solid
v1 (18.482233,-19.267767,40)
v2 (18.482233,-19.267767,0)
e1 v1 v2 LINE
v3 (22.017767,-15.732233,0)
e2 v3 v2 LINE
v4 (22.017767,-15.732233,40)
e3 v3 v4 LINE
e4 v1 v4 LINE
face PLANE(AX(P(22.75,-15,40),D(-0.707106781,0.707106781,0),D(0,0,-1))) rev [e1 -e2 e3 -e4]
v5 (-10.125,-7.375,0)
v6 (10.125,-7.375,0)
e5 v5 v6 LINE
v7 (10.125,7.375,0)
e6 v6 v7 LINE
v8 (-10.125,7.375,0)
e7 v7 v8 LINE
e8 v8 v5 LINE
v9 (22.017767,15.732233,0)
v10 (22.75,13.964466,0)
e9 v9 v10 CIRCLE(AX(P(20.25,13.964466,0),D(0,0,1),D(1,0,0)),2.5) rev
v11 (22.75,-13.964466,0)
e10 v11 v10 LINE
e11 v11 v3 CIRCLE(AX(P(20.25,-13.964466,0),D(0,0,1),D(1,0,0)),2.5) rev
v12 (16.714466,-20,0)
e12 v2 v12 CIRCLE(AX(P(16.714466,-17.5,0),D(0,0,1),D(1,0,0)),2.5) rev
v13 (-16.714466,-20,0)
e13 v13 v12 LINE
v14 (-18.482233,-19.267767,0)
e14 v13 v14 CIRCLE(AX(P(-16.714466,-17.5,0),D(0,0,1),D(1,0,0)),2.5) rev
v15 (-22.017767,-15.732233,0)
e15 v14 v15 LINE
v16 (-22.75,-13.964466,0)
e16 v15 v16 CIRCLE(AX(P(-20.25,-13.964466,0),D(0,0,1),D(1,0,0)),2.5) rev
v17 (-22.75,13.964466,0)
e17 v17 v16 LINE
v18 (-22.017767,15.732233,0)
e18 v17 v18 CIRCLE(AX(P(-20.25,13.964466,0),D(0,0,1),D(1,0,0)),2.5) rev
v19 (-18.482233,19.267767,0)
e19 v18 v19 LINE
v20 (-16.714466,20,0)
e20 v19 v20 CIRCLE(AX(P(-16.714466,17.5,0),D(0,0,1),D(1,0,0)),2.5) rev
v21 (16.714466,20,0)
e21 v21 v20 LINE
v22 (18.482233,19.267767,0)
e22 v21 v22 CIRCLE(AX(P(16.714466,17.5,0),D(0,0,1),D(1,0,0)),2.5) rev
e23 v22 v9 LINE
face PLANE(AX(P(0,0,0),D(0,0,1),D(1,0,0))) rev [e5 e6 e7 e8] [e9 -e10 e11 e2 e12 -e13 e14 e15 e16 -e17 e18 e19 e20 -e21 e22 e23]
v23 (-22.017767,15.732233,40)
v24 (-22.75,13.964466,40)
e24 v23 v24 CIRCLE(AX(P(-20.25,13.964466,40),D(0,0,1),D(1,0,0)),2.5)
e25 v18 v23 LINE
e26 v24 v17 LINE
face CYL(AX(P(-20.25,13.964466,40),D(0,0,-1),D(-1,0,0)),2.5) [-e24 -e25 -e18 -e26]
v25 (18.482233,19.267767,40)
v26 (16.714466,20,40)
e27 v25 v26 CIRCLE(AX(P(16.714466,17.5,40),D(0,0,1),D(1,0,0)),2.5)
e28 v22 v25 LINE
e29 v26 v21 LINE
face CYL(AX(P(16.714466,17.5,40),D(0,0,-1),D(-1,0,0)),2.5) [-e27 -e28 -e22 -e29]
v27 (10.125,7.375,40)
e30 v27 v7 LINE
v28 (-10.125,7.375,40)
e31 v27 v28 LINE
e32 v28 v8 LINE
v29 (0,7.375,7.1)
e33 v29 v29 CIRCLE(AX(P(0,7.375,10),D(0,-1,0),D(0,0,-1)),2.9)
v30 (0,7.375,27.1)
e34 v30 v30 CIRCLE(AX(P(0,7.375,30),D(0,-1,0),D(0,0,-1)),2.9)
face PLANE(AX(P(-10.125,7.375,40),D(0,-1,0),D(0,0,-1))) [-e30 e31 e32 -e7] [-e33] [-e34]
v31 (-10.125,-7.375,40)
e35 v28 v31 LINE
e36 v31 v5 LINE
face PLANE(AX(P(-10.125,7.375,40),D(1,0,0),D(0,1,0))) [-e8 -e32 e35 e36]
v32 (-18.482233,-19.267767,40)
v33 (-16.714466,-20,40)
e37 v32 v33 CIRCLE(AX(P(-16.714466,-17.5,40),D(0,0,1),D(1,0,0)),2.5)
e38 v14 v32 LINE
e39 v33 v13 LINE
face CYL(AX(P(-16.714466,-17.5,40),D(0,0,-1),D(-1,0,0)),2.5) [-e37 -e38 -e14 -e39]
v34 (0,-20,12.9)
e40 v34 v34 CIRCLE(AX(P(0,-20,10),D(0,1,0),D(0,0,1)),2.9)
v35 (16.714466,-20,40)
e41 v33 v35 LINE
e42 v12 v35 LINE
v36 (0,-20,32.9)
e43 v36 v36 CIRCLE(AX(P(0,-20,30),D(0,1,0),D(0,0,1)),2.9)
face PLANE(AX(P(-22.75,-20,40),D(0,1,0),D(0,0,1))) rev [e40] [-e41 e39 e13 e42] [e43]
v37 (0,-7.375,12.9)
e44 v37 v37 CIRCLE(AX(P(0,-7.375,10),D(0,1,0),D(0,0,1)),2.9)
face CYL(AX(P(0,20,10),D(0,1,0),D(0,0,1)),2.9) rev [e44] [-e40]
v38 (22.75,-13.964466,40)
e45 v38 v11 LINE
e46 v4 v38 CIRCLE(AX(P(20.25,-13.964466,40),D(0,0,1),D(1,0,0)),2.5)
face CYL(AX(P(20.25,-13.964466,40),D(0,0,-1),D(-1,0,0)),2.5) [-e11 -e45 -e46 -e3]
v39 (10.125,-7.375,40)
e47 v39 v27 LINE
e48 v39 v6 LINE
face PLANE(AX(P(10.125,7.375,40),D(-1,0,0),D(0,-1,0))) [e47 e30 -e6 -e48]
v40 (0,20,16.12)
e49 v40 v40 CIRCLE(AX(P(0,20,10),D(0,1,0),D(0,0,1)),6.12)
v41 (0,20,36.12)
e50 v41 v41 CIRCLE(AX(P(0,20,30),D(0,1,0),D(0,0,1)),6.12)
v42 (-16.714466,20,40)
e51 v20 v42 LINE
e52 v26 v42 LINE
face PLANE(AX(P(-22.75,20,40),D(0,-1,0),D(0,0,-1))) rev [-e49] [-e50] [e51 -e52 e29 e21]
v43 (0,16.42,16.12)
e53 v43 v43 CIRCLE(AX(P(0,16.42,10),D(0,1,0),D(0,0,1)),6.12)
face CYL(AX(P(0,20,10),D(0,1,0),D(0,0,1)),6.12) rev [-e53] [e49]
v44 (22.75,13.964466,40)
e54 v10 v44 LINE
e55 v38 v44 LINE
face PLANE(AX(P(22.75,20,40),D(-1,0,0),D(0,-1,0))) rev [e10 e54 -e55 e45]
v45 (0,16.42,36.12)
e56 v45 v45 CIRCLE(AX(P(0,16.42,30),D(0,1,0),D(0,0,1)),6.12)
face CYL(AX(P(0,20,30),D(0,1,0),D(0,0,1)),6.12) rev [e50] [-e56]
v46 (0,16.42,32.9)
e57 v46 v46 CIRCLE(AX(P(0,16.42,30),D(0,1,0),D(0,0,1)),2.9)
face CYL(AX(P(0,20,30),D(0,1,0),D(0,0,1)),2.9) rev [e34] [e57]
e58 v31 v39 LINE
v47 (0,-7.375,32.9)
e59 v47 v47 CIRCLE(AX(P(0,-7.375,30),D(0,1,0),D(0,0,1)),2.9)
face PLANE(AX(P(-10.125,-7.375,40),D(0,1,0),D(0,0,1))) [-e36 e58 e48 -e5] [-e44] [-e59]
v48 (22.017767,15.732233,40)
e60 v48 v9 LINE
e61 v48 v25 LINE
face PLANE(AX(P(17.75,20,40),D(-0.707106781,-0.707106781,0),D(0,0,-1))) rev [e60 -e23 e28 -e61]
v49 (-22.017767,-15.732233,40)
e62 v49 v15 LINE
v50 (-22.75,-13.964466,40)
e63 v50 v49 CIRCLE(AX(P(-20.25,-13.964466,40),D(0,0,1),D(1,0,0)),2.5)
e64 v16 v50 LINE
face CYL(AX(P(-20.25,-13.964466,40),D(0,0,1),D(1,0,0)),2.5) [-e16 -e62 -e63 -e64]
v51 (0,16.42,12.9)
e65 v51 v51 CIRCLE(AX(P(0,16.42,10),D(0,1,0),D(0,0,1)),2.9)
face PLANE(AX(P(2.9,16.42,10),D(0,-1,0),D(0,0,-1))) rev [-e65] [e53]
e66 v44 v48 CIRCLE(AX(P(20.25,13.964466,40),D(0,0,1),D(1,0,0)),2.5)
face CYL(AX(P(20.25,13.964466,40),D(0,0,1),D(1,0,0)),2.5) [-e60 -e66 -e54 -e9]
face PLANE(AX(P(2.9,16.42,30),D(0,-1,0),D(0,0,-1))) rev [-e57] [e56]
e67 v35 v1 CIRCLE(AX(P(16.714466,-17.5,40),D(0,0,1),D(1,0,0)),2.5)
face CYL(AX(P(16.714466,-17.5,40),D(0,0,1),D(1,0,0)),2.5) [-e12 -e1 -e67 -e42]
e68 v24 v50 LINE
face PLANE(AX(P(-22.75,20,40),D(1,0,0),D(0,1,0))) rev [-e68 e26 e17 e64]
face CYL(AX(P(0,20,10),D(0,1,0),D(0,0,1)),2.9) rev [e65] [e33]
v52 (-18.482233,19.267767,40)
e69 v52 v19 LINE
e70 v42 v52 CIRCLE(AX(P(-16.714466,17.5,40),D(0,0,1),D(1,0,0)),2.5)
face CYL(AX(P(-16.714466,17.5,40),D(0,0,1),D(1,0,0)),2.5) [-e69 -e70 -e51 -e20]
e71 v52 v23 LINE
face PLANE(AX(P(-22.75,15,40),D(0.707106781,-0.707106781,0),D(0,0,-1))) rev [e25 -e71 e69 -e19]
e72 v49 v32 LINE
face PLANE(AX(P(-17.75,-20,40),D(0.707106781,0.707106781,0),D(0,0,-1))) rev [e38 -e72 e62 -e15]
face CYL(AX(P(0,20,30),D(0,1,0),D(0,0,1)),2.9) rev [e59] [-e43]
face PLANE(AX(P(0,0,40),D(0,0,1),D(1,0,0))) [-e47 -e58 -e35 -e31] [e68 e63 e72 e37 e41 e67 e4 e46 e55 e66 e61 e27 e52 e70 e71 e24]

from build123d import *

# Parameters (mm, degrees)
SKETCH1_W                               = 45.5
SKETCH1_H                               = 40
SKETCH1_W_2                             = 20.25
SKETCH1_H_2                             = 14.75
BOSS_EXTRUDE1_DEPTH                     = 40
CHAMFER1_SIZE                           = 5
FILLET1_R                               = 2.5
CBORE_FOR_M5_HEX_HEAD_BOLT1_D           = 5.8
CBORE_FOR_M5_HEX_HEAD_BOLT1_CBORE_D     = 12.24
CBORE_FOR_M5_HEX_HEAD_BOLT1_CBORE_DEPTH = 3.58


with BuildPart() as part:
    # Sketch1 → Boss-Extrude1 (new body)
    with BuildSketch(Plane.XY):
        Rectangle(SKETCH1_W, SKETCH1_H)
        Rectangle(SKETCH1_W_2, SKETCH1_H_2, mode=Mode.SUBTRACT)
    extrude(amount=BOSS_EXTRUDE1_DEPTH)

    # Chamfer1
    chamfer1_edges = [part.edges().sort_by_distance(p)[0] for p in [
        (22.75, -20, 20),
        (-22.75, -20, 20),
        (-22.75, 20, 20),
        (22.75, 20, 20),
    ]]
    chamfer(chamfer1_edges, length=CHAMFER1_SIZE)

    # Fillet1
    fillet1_edges = [part.edges().sort_by_distance(p)[0] for p in [
        (-17.75, 20, 20),
        (17.75, 20, 20),
        (22.75, -15, 20),
        (22.75, 15, 20),
        (-17.75, -20, 20),
        (17.75, -20, 20),
        (-22.75, 15, 20),
        (-22.75, -15, 20),
    ]]
    fillet(fillet1_edges, radius=FILLET1_R)

    # CBORE for M5 Hex Head Bolt1 (through all)
    with Locations(Plane(origin=(0, 20, 0), x_dir=(1, 0, 0), z_dir=(0, 1, 0))):
        with Locations((0, -10)):
            cbore_for_m5_hex_head_bolt1 = CounterBoreHole(CBORE_FOR_M5_HEX_HEAD_BOLT1_D / 2, CBORE_FOR_M5_HEX_HEAD_BOLT1_CBORE_D / 2, CBORE_FOR_M5_HEX_HEAD_BOLT1_CBORE_DEPTH)

    # Mirror1: CBORE for M5 Hex Head Bolt1 across plane
    add(cbore_for_m5_hex_head_bolt1.mirror(Plane(origin=(0, 0, 20), x_dir=(1, 0, 0), z_dir=(0, 0, -1))), mode=Mode.SUBTRACT)


solid = part.part
